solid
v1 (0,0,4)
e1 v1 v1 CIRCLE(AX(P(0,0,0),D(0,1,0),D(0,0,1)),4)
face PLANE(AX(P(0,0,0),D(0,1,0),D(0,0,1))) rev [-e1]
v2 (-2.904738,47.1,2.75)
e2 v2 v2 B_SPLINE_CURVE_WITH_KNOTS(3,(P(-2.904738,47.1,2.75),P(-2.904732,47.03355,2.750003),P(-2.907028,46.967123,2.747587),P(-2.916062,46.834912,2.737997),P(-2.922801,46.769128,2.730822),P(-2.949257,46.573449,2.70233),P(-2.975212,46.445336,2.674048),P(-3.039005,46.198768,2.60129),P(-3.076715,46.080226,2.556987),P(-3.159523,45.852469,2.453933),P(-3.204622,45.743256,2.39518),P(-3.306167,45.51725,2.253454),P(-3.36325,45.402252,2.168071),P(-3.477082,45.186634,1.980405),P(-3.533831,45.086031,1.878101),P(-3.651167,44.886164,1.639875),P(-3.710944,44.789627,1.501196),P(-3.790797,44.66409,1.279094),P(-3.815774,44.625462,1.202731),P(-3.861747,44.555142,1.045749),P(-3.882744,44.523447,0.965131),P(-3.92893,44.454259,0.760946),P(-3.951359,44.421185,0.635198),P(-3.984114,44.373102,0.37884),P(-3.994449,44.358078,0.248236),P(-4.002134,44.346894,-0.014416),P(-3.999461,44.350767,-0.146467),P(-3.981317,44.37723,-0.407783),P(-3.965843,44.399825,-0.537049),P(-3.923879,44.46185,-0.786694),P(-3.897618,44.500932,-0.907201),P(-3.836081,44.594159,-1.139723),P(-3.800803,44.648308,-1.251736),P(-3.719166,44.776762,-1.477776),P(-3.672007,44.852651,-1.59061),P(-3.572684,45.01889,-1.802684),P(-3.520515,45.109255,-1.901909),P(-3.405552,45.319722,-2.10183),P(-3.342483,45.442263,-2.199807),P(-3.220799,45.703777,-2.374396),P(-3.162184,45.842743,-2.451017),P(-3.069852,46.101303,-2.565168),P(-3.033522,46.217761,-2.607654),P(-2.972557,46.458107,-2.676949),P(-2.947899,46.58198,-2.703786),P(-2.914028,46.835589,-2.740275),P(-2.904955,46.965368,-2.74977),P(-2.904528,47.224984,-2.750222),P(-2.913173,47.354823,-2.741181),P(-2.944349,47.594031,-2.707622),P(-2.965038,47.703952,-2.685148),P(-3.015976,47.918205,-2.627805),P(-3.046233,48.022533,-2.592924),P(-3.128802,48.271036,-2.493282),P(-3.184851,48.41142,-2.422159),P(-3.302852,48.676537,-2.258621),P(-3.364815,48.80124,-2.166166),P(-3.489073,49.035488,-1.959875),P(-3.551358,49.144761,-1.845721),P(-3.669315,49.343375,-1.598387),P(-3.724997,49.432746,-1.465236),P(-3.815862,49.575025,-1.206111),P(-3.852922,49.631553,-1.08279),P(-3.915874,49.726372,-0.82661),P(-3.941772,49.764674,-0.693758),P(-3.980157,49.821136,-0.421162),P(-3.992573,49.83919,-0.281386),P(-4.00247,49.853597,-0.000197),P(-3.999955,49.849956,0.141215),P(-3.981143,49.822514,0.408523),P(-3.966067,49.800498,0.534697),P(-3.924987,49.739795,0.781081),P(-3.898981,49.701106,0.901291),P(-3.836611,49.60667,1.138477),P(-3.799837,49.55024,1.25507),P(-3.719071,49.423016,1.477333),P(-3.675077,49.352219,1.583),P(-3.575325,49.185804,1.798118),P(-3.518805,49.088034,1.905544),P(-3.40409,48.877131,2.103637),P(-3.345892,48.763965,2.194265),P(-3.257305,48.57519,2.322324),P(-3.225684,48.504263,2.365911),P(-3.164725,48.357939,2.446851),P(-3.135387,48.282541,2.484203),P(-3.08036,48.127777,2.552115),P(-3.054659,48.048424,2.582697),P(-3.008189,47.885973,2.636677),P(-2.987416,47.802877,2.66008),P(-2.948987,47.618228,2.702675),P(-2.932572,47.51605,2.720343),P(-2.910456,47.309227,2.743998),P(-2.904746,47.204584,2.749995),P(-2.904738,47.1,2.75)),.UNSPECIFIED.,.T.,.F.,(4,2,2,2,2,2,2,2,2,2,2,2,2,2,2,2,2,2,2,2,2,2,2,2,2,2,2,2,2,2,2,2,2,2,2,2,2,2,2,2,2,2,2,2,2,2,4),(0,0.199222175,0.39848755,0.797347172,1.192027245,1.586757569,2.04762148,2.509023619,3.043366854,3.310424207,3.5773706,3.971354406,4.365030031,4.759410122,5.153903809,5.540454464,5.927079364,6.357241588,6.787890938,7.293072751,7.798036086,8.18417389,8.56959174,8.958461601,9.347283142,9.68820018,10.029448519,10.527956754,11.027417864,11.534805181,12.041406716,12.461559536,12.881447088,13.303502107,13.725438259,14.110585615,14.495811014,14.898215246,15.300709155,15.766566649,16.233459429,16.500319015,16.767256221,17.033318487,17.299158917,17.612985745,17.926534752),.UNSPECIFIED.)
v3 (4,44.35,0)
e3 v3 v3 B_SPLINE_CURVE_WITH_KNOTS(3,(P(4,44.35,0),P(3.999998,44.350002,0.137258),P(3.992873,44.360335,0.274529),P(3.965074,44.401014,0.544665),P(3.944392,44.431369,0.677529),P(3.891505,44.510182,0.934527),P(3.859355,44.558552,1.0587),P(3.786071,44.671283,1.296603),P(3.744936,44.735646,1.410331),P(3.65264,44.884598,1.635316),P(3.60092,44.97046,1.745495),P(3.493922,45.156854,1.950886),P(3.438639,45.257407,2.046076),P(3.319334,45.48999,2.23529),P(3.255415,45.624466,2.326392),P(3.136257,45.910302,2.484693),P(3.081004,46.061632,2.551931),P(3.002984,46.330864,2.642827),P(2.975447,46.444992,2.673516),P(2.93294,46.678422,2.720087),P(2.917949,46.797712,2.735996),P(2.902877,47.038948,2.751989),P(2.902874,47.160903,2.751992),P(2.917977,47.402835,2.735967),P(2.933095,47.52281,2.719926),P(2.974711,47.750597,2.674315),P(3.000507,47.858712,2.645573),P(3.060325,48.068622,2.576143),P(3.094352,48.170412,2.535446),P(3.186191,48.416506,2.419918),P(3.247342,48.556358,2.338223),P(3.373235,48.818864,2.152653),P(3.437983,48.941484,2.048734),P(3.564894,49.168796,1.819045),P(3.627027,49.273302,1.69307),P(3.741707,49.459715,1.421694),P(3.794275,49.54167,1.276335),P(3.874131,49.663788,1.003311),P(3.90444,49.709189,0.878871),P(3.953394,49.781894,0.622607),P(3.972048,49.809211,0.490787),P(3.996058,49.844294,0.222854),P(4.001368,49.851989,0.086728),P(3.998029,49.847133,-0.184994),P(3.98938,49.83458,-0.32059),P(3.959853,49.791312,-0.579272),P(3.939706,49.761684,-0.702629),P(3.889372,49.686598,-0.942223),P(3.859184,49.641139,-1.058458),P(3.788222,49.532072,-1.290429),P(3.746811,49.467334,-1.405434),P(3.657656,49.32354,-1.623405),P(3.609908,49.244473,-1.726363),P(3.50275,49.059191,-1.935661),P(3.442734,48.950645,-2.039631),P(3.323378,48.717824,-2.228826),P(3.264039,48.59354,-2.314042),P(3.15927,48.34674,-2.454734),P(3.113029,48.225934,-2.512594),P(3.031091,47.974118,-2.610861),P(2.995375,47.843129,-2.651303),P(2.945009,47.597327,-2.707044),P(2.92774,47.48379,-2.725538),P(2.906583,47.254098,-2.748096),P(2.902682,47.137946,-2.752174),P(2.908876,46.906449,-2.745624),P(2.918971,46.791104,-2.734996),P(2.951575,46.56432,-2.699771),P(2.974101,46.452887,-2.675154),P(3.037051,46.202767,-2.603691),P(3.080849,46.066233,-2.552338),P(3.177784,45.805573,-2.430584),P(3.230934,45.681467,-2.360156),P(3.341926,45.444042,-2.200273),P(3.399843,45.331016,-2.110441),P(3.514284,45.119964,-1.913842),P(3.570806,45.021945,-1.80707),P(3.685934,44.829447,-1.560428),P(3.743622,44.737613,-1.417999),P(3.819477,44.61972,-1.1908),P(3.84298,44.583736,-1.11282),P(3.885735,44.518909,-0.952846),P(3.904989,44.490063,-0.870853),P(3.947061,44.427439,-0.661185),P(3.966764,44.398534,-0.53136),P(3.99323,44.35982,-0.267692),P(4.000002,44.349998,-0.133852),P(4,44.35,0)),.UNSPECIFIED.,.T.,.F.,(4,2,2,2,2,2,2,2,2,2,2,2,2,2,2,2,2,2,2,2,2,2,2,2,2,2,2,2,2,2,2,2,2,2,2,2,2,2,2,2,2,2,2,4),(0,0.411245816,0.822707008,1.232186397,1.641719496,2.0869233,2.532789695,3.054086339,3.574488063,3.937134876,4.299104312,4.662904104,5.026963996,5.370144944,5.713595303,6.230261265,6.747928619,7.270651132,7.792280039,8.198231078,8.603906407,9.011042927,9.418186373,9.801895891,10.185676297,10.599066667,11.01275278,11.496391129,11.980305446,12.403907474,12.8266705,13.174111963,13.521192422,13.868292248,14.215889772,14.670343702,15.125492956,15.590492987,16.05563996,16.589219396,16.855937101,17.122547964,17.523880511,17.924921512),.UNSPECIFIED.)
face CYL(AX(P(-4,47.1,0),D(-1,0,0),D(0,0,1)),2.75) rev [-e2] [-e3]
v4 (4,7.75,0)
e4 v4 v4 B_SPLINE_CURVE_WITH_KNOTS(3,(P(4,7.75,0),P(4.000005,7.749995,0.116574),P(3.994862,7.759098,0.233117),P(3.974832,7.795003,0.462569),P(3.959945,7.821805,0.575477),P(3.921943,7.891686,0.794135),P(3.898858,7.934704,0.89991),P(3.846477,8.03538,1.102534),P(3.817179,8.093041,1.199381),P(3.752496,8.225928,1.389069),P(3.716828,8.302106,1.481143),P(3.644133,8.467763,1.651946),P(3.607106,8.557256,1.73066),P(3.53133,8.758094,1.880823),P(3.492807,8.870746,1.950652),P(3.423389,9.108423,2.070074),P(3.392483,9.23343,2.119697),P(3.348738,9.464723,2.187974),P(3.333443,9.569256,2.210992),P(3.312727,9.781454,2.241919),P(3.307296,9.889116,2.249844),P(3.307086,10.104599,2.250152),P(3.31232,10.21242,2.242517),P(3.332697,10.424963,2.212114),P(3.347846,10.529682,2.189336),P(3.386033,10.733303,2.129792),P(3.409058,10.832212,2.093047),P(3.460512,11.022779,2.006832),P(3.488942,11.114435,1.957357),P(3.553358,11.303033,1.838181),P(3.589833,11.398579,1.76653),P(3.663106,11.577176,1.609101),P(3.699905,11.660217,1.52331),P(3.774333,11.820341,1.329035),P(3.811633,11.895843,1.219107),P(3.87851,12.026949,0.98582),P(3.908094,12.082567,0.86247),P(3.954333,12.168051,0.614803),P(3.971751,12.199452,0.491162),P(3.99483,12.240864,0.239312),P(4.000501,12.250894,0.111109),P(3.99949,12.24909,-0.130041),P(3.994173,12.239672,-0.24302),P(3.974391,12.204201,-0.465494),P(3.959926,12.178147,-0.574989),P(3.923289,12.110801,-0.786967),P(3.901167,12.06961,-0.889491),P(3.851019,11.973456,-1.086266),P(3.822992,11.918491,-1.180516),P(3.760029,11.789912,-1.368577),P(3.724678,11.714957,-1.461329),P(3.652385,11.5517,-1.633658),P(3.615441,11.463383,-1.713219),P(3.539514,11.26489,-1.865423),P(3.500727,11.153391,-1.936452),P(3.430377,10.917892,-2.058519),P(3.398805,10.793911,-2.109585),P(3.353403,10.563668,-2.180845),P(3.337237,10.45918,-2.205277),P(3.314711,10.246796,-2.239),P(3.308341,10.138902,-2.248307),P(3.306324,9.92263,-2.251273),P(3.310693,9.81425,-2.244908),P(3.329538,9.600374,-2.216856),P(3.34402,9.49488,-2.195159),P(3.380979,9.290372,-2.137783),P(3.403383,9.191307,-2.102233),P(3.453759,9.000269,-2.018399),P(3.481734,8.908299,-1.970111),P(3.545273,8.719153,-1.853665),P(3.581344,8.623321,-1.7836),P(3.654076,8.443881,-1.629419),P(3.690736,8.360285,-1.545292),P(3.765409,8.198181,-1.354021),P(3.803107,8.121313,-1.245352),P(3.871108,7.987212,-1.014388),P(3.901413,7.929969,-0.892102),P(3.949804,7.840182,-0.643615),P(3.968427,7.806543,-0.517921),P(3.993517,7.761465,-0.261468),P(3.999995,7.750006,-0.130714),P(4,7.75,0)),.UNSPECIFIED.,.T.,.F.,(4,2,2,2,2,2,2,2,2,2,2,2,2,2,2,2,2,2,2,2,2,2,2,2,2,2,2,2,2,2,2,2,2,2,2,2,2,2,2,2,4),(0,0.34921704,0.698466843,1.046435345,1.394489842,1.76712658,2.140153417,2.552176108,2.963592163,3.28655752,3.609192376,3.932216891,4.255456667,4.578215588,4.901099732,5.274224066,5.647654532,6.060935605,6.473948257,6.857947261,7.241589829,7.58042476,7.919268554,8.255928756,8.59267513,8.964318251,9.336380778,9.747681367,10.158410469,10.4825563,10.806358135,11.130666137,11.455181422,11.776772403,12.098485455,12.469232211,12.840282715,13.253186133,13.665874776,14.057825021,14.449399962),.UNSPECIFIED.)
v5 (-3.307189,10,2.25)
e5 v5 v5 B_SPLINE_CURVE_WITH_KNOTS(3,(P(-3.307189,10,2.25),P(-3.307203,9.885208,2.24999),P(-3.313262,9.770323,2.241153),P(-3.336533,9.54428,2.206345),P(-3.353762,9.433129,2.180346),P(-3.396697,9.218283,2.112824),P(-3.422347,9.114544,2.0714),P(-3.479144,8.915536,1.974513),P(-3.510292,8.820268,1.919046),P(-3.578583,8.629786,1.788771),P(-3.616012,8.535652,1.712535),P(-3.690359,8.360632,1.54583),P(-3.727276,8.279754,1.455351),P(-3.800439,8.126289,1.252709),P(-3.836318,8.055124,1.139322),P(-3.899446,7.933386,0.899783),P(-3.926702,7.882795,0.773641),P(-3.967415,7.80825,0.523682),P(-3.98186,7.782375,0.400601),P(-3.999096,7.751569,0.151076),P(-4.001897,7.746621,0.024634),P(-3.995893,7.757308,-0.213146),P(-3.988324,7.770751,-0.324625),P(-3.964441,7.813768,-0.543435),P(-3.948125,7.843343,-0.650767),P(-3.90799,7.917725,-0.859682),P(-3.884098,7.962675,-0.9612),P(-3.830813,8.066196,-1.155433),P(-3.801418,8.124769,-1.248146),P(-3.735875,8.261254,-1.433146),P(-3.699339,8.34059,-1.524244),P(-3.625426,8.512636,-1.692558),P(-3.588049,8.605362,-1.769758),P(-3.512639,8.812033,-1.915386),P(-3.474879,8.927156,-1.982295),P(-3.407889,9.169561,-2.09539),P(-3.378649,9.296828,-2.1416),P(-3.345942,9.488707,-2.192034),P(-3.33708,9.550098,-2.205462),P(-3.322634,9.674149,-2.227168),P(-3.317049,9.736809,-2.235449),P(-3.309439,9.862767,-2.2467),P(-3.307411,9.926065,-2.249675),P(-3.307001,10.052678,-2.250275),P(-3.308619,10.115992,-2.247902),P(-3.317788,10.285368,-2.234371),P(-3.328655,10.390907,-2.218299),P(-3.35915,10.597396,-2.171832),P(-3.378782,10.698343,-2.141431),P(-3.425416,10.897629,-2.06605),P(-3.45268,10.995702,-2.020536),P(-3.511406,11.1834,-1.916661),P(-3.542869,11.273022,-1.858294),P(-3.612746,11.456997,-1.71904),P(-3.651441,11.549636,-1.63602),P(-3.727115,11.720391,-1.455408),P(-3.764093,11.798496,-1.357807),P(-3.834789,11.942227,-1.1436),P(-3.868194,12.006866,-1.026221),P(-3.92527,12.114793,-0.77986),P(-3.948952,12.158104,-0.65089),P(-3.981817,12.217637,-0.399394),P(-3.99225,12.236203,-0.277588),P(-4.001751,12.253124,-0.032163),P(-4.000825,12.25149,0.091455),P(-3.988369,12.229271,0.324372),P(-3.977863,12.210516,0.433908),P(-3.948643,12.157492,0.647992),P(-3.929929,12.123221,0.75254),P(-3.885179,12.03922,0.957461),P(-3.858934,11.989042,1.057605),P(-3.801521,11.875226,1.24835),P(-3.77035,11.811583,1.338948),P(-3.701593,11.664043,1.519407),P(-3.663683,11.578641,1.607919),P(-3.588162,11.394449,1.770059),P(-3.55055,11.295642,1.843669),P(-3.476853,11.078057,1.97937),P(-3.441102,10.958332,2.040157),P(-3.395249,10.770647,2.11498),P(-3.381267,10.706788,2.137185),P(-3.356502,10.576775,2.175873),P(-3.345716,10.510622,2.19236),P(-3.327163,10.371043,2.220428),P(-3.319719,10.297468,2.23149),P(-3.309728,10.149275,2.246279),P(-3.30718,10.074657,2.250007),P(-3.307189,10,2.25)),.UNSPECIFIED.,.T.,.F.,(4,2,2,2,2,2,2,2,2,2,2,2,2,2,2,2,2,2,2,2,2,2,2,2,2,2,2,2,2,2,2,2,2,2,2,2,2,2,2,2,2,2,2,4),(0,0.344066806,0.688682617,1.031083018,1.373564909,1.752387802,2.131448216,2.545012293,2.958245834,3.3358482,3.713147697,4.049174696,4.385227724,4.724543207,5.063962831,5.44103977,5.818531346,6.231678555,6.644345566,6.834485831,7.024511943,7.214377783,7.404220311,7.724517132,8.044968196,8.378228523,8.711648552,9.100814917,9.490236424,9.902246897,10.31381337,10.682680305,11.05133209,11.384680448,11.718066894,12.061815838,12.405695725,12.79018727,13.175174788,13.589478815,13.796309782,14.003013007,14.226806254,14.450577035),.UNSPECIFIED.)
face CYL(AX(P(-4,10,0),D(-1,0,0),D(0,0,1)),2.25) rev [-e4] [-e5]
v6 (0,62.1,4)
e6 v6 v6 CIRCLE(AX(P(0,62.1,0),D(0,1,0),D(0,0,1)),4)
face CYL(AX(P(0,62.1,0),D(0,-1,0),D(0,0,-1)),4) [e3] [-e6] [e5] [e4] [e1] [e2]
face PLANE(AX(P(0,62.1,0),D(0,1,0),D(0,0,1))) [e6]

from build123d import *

# Parameters (mm, degrees)
SKETCH1_R            = 4
BOSS_EXTRUDE1_DEPTH  = 62.1
M5_CLEARANCE_HOLE1_D = 5.5
M4_CLEARANCE_HOLE1_D = 4.5


with BuildPart() as part:
    # Sketch1 → Boss-Extrude1 (new body)
    with BuildSketch(Plane(origin=(0, 0, 0), x_dir=(1, 0, 0), z_dir=(0, 1, 0))):
        with Locations(Location((0, 0, 0), (0, 0, 270))):
            Circle(SKETCH1_R)
    extrude(amount=BOSS_EXTRUDE1_DEPTH)

    # M5 Clearance Hole1 (through all)
    with Locations(Plane(origin=(-4, 0, 0), x_dir=(0, 0, -1), z_dir=(-1, 0, 0))):
        with Locations((0, -47.1)):
            Hole(M5_CLEARANCE_HOLE1_D / 2)

    # M4 Clearance Hole1 (through all)
    with Locations(Plane.ZY.offset(4)):
        with Locations((0, 10)):
            Hole(M4_CLEARANCE_HOLE1_D / 2)


solid = part.part
